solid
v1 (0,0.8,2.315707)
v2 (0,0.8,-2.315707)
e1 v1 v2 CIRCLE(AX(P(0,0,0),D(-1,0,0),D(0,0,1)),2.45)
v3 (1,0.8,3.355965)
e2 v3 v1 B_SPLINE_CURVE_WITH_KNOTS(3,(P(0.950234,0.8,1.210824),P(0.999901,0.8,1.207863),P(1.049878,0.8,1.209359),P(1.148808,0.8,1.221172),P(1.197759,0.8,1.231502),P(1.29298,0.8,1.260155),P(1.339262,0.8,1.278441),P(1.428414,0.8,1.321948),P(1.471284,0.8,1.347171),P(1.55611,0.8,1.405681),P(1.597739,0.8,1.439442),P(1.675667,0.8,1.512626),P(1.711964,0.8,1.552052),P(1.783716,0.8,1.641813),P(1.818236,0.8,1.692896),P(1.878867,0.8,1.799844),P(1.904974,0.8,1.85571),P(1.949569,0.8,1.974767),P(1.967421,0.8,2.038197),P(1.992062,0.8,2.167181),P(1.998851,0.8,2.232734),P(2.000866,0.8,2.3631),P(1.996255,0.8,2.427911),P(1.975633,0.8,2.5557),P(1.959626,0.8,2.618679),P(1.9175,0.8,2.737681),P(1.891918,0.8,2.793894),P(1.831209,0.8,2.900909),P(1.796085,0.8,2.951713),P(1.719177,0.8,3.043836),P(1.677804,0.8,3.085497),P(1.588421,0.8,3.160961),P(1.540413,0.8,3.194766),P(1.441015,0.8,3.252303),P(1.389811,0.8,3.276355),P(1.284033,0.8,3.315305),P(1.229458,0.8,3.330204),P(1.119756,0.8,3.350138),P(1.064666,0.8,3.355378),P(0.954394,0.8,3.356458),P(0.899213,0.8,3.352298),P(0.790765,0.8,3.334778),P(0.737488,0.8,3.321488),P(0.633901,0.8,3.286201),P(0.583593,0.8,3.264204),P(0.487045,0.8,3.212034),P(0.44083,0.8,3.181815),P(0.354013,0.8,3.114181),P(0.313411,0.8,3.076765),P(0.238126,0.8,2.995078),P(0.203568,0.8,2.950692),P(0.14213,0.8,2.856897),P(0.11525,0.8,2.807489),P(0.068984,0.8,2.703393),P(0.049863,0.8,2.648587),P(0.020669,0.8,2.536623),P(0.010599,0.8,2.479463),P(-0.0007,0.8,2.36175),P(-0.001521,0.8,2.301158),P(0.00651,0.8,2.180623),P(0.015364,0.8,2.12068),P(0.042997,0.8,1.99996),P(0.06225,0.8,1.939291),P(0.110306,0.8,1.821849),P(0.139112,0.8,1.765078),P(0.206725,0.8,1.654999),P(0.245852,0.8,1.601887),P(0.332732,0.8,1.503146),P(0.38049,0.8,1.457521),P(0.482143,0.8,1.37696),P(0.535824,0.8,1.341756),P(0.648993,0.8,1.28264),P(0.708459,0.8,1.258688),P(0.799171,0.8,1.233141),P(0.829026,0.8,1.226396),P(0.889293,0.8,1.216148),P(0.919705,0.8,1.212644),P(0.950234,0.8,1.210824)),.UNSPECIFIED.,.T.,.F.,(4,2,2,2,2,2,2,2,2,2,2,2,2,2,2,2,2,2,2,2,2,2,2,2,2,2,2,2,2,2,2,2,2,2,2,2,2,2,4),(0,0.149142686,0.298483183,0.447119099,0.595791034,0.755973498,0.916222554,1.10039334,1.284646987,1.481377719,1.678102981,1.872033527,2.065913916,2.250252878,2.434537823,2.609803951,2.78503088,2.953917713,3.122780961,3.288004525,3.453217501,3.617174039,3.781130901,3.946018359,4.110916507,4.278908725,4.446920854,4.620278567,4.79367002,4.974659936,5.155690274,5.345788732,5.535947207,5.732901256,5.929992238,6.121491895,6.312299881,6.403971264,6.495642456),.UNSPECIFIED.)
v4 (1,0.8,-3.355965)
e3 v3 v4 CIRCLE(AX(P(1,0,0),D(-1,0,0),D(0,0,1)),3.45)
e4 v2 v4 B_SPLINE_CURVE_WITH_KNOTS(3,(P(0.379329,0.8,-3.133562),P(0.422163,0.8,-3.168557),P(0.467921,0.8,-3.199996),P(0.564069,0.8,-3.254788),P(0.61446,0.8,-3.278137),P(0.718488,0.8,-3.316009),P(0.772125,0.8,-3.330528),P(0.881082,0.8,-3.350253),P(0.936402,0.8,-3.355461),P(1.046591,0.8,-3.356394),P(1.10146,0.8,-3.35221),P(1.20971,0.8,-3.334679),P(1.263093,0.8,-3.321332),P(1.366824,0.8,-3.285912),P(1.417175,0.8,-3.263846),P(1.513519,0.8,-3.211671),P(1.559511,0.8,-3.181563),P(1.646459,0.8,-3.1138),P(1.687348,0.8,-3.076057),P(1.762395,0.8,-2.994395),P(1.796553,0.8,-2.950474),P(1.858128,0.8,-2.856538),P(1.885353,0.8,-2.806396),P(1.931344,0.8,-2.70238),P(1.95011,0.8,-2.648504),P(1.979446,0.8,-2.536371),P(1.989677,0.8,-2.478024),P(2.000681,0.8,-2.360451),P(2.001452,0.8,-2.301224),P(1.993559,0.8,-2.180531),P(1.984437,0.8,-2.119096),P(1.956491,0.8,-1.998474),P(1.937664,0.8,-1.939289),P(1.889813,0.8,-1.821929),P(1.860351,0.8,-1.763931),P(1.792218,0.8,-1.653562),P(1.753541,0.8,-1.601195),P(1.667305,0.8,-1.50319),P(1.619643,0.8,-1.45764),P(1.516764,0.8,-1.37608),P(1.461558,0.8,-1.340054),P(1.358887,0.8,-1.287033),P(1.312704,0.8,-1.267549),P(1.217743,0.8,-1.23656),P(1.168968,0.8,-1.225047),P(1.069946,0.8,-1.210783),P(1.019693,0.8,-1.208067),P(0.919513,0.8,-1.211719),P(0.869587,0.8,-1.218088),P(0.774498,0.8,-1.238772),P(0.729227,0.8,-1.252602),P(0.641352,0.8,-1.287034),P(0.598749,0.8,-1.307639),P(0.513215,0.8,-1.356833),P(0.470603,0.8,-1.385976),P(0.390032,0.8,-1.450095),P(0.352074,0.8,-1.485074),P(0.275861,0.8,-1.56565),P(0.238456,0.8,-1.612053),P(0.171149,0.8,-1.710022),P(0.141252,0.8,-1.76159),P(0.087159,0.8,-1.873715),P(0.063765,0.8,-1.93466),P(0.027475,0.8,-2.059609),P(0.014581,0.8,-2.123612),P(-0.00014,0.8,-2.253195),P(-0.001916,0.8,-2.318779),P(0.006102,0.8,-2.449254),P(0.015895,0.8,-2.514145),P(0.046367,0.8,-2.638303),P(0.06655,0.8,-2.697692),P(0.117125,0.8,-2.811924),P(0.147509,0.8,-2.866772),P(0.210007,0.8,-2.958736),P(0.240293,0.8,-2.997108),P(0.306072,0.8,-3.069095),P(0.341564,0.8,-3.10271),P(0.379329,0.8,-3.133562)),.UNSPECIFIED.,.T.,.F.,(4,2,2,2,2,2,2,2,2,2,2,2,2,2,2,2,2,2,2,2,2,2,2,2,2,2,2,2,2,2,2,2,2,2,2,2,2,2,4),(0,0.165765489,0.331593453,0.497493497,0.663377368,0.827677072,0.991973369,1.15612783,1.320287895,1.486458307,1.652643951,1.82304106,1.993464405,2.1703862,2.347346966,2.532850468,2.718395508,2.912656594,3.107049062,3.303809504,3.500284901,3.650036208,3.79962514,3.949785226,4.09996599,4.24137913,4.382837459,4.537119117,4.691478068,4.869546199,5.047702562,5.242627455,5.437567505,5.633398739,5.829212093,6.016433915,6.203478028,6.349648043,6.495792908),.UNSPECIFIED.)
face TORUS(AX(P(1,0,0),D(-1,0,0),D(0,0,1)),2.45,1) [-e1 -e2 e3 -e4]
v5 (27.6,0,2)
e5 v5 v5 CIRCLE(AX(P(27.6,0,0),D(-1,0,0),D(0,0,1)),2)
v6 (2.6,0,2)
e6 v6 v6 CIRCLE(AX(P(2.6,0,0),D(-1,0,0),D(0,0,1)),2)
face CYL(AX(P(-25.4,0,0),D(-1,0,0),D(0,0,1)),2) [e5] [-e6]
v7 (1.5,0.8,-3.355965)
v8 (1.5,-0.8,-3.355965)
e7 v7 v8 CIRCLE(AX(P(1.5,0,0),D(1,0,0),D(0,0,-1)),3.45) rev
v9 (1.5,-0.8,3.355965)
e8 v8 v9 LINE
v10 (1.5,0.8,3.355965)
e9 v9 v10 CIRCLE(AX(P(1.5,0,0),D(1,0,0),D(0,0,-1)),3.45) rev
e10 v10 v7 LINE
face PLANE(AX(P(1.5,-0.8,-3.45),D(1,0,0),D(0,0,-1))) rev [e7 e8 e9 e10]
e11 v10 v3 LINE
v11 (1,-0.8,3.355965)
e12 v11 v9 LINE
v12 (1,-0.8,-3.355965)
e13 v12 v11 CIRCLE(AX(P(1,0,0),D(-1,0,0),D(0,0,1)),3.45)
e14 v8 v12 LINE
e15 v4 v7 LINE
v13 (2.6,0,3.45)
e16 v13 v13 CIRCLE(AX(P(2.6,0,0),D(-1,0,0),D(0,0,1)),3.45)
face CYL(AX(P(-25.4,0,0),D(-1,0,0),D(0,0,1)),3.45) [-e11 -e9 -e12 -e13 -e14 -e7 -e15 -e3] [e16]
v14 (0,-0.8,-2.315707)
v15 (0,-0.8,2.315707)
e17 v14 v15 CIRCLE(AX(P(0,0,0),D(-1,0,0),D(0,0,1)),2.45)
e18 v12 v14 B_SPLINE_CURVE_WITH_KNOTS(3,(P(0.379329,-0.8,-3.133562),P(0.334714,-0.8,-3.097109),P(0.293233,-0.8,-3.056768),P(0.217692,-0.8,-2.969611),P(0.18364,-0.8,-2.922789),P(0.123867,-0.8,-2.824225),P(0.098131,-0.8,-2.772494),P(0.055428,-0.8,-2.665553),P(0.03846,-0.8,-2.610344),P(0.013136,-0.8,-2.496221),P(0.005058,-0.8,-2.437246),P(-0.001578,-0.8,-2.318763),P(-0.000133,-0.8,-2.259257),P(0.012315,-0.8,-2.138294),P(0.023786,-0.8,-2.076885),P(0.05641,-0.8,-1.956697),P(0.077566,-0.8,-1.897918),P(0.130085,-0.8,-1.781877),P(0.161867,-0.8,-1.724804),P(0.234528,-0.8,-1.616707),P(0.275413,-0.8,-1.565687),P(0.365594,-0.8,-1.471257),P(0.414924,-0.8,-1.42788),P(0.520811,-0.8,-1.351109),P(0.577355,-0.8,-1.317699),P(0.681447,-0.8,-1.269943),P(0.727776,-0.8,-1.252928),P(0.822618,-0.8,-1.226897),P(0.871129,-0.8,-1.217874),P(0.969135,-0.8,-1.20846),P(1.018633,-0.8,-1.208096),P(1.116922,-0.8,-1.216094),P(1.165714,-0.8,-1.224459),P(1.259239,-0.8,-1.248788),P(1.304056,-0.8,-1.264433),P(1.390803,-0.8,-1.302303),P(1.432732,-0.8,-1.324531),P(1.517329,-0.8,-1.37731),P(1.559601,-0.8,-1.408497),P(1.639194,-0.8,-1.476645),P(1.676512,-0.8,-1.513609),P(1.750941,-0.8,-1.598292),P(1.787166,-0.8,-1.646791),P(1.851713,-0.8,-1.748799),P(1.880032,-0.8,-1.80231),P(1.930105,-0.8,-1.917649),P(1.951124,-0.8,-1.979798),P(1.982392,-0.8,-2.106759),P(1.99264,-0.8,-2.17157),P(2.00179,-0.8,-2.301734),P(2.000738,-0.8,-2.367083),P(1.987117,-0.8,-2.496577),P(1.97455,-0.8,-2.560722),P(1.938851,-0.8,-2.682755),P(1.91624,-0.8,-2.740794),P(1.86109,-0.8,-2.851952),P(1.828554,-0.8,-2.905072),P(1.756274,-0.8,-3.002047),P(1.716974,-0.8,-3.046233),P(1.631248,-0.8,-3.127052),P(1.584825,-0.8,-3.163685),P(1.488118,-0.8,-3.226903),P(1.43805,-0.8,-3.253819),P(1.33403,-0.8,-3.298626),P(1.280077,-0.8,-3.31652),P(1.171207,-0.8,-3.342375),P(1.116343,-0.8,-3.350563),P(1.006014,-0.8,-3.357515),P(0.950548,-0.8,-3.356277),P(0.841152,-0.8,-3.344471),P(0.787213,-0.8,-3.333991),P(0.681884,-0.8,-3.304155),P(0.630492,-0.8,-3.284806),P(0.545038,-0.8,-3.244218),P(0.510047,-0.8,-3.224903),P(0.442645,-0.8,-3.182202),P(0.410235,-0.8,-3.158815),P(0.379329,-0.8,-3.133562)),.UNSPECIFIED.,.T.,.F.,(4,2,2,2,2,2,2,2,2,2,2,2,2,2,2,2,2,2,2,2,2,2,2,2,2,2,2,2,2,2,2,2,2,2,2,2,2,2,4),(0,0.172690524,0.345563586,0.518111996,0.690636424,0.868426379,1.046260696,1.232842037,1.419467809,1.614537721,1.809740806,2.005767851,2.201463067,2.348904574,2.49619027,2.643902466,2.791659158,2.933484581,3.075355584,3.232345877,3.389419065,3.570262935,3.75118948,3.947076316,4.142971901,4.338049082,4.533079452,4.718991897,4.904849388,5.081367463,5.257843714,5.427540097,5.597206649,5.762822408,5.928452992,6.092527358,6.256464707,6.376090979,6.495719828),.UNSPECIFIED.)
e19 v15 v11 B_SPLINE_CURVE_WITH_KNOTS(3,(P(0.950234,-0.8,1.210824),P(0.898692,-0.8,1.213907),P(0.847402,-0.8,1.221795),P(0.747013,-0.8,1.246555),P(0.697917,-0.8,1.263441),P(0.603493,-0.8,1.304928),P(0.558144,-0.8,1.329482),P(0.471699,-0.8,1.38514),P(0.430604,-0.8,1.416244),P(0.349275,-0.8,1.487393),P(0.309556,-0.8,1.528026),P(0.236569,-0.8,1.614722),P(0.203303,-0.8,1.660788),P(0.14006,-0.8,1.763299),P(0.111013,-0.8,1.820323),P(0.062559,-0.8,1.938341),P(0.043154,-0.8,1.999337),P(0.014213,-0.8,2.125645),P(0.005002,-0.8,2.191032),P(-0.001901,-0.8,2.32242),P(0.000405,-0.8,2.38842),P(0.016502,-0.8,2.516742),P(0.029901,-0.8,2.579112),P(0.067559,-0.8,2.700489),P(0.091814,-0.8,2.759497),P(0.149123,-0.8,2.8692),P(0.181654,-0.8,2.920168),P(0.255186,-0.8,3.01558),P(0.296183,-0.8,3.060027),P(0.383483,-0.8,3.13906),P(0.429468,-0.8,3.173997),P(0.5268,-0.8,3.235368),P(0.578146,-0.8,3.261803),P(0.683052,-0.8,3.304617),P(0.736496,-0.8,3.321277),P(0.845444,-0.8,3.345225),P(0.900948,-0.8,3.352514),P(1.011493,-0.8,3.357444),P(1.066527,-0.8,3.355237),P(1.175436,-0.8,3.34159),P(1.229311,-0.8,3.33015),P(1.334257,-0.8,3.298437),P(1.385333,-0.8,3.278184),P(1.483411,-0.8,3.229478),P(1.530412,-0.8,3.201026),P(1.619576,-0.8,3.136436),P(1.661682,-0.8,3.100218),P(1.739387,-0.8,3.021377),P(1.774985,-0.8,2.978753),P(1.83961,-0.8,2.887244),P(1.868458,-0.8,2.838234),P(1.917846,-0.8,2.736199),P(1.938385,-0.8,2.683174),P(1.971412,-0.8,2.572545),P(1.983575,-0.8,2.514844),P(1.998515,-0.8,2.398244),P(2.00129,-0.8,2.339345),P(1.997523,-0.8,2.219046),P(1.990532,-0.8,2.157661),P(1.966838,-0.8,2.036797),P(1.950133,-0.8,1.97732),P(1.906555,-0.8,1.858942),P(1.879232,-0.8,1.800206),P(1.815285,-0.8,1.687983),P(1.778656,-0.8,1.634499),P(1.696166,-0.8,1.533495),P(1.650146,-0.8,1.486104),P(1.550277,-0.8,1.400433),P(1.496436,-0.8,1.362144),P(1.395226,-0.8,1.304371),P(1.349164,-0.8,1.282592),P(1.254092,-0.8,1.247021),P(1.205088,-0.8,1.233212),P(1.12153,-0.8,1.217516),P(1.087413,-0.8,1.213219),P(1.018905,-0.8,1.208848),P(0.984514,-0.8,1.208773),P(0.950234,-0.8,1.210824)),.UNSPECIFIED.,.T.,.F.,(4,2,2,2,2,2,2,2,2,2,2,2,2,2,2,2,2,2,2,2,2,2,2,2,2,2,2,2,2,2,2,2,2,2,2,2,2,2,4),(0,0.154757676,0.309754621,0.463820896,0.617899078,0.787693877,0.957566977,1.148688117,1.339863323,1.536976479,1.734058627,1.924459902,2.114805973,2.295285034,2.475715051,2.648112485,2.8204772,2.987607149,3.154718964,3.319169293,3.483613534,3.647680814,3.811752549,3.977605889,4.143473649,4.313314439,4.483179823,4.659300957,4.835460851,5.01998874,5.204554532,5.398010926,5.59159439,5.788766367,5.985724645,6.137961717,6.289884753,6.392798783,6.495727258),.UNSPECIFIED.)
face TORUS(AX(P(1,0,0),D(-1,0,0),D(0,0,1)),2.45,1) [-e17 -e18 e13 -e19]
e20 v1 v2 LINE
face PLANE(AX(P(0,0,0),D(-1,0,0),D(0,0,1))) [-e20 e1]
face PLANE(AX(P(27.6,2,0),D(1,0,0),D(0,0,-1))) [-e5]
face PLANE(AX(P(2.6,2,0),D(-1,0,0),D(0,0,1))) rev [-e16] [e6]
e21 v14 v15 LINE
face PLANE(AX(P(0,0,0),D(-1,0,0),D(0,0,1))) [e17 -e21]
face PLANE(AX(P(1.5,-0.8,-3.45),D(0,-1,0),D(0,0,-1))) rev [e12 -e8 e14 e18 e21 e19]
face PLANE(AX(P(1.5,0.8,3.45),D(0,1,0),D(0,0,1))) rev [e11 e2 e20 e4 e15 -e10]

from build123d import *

# Parameters (mm, degrees)
SKETCH2_W  = 6.9
SKETCH2_H  = 1.6
SLOT_DEPTH = 1.5


with BuildPart() as part:
    # BodySke → Base-Revolve (revolve)
    with BuildSketch(Plane.XY, mode=Mode.PRIVATE) as base_revolve_sk:
        with BuildLine():
            Line((2.6, 2), (2.6, 3.45))
            Line((2.6, 3.45), (1, 3.45))
            ThreePointArc((1, 3.45), (0.292893219, 3.157106781), (0, 2.45))
            Line((0, 2.45), (0, 0))
            Line((0, 0), (27.6, 0))
            Line((27.6, 0), (27.6, 2))
            Line((27.6, 2), (2.6, 2))
        make_face()
    revolve(base_revolve_sk.sketch.rotate(Axis((-25.4, 0, 0), (1, 0, 0)), 90), axis=Axis((-25.4, 0, 0), (1, 0, 0)))

    # Sketch2 → Slot (cut)
    with BuildSketch(Plane(origin=(0, 0, 0), x_dir=(0, 0, -1), z_dir=(1, 0, 0))):
        Rectangle(SKETCH2_W, SKETCH2_H)
    extrude(amount=SLOT_DEPTH, mode=Mode.SUBTRACT)


solid = part.part
